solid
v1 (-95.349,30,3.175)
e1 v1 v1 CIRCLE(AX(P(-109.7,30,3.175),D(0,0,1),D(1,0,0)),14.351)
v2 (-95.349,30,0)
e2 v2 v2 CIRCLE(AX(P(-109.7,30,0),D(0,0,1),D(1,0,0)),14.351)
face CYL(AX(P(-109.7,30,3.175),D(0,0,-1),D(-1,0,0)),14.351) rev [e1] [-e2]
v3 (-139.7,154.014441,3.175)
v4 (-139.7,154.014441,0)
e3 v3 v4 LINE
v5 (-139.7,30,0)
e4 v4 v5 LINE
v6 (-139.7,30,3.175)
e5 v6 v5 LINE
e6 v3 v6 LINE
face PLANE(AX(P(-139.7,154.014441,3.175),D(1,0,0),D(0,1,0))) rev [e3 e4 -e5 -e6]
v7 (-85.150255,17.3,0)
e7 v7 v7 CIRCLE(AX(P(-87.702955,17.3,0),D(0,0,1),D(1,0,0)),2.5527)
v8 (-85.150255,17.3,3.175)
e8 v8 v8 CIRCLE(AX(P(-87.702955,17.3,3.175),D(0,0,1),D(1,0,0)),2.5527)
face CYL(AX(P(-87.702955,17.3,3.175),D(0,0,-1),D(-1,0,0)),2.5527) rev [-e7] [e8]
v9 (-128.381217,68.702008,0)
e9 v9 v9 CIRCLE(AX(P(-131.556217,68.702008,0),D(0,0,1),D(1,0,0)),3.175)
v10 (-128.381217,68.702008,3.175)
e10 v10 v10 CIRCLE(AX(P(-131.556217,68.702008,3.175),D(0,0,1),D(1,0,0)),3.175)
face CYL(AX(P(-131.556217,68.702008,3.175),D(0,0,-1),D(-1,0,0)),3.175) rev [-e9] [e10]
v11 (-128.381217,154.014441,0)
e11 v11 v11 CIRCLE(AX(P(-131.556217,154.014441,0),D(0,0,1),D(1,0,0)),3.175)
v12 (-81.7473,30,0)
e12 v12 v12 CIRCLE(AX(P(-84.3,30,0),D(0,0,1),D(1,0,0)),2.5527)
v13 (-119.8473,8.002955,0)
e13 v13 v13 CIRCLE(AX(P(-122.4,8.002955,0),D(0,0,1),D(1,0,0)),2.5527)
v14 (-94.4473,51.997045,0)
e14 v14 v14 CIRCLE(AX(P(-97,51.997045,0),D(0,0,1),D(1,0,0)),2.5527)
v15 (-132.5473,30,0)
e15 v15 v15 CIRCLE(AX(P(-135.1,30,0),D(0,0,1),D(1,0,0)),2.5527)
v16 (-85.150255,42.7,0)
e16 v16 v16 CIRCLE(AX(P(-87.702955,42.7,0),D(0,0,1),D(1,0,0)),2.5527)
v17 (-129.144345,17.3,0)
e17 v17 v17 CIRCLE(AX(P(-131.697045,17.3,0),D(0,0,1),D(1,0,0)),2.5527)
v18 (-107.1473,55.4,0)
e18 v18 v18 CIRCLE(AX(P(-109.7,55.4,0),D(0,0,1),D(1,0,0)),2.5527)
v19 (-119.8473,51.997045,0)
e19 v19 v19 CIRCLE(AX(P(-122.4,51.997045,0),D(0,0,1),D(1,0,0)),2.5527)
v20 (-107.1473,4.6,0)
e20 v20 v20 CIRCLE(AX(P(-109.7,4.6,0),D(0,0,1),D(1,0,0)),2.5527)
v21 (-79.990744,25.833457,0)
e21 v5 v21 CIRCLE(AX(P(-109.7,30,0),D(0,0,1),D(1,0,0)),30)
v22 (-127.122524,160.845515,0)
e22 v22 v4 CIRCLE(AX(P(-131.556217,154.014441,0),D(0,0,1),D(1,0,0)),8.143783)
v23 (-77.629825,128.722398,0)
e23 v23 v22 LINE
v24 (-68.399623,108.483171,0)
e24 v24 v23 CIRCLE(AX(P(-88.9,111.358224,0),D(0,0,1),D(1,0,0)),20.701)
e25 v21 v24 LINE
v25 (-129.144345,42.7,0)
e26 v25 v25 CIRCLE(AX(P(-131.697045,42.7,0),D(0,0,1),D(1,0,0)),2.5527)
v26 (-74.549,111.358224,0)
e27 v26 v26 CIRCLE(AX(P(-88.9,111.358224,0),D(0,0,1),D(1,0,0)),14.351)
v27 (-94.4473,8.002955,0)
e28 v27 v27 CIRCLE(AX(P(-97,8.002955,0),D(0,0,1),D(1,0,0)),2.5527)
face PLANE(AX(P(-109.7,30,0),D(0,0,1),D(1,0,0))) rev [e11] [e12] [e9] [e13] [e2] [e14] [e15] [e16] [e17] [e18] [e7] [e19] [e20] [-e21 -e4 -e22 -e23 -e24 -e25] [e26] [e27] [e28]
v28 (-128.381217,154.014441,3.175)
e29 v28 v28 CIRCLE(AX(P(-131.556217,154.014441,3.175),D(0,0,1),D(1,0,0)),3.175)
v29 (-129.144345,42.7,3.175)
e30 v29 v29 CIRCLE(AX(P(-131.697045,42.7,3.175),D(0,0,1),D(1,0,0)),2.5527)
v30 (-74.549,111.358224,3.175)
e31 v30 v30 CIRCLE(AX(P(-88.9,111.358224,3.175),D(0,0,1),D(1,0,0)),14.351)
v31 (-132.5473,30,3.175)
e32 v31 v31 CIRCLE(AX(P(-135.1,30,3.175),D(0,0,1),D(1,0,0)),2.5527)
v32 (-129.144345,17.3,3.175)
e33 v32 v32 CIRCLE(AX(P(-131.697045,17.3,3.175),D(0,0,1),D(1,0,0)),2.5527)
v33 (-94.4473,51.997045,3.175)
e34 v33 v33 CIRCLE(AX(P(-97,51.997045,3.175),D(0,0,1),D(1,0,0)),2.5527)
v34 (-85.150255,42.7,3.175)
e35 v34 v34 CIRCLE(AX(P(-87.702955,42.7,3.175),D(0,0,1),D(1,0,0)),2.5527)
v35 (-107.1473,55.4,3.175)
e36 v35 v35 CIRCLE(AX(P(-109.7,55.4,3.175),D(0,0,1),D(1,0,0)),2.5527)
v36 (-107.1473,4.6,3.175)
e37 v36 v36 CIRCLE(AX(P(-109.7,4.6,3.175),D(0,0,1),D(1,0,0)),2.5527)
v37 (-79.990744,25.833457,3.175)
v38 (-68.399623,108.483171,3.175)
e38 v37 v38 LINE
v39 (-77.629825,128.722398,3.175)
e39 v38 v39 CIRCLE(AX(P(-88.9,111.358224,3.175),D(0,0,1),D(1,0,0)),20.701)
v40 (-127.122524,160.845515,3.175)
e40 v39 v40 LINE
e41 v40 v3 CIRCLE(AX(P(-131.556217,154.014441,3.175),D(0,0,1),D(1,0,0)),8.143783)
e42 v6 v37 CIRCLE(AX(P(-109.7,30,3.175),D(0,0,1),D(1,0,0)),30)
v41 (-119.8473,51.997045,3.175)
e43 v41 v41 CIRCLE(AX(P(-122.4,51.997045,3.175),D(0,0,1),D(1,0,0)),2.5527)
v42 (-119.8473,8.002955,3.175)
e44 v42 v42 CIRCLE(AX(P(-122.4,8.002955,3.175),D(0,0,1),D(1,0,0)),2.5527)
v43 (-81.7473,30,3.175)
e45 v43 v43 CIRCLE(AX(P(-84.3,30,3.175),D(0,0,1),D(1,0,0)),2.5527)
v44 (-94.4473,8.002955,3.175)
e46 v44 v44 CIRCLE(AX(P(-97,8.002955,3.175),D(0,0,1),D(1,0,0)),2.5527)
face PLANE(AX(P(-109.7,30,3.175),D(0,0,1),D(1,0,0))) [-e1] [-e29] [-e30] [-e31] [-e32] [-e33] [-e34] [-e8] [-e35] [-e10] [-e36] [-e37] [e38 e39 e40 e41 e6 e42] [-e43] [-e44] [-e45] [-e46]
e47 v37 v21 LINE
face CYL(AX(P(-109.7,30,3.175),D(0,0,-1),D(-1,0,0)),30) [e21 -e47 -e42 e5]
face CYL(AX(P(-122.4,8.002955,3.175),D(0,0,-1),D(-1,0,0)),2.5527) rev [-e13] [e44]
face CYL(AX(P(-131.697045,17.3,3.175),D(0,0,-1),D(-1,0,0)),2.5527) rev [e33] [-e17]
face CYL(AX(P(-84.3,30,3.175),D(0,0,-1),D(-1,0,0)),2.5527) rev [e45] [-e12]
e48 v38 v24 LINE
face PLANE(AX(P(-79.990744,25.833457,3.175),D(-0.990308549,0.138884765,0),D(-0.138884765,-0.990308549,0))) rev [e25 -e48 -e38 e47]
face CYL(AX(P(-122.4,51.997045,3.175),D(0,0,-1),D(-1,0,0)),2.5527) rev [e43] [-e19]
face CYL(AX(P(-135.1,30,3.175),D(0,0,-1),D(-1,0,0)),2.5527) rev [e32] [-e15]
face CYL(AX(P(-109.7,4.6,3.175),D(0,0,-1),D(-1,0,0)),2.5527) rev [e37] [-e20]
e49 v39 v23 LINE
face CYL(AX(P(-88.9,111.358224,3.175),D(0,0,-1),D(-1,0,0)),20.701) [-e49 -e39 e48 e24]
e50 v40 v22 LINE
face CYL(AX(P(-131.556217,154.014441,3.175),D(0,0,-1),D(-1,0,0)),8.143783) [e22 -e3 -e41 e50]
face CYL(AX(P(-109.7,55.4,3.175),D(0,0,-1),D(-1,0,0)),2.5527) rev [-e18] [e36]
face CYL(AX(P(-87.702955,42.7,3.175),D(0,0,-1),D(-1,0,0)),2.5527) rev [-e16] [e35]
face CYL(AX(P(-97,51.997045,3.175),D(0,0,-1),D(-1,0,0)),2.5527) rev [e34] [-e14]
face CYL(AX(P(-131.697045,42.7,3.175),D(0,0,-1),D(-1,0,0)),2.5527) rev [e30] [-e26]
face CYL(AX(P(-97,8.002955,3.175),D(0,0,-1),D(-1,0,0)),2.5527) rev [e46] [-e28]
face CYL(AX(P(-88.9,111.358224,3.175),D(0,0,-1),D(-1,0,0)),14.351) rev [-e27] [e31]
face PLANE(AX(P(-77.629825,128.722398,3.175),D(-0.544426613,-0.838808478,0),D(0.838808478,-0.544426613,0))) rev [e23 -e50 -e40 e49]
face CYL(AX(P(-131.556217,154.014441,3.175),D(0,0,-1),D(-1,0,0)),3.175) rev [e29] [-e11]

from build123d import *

# Parameters (mm, degrees)
SKETCH2_R           = 14.351
SKETCH2_R_2         = 2.5527
SKETCH2_R_3         = 3.175
BOSS_EXTRUDE1_DEPTH = 3.175


with BuildPart() as part:
    # Sketch2 → Boss-Extrude1 (new body)
    with BuildSketch(Plane.XY):
        with BuildLine():
            Line((-139.7, 154.014440652), (-139.7, 30))
            ThreePointArc((-139.7, 30), (-111.788337372, 0.072774151), (-79.990743532, 25.833457055))
            Line((-79.990743532, 25.833457055), (-68.399622728, 108.48317056))
            ThreePointArc((-68.399622728, 108.48317056), (-70.065229263, 119.947916289), (-77.629824678, 128.72239838))
            Line((-77.629824678, 128.72239838), (-127.122524146, 160.845515232))
            ThreePointArc((-127.122524146, 160.845515232), (-135.443000435, 161.170844756), (-139.7, 154.014440652))
        make_face()
        with Locations((-88.9, 111.358224077)):
            Circle(SKETCH2_R, mode=Mode.SUBTRACT)
        with Locations((-109.7, 55.4)):
            Circle(SKETCH2_R_2, mode=Mode.SUBTRACT)
        with Locations((-97, 51.997045256)):
            Circle(SKETCH2_R_2, mode=Mode.SUBTRACT)
        with Locations((-87.702954744, 42.7)):
            Circle(SKETCH2_R_2, mode=Mode.SUBTRACT)
        with Locations((-84.3, 30)):
            Circle(SKETCH2_R_2, mode=Mode.SUBTRACT)
        with Locations((-87.702954744, 17.3)):
            Circle(SKETCH2_R_2, mode=Mode.SUBTRACT)
        with Locations((-97, 8.002954744)):
            Circle(SKETCH2_R_2, mode=Mode.SUBTRACT)
        with Locations((-109.7, 4.6)):
            Circle(SKETCH2_R_2, mode=Mode.SUBTRACT)
        with Locations((-122.4, 8.002954744)):
            Circle(SKETCH2_R_2, mode=Mode.SUBTRACT)
        with Locations((-131.697045256, 17.3)):
            Circle(SKETCH2_R_2, mode=Mode.SUBTRACT)
        with Locations((-135.1, 30)):
            Circle(SKETCH2_R_2, mode=Mode.SUBTRACT)
        with Locations((-131.697045256, 42.7)):
            Circle(SKETCH2_R_2, mode=Mode.SUBTRACT)
        with Locations((-122.4, 51.997045256)):
            Circle(SKETCH2_R_2, mode=Mode.SUBTRACT)
        with Locations((-109.7, 30)):
            Circle(SKETCH2_R, mode=Mode.SUBTRACT)
        with Locations((-131.556216575, 68.702007502)):
            Circle(SKETCH2_R_3, mode=Mode.SUBTRACT)
        with Locations((-131.556216575, 154.014440652)):
            Circle(SKETCH2_R_3, mode=Mode.SUBTRACT)
    extrude(amount=BOSS_EXTRUDE1_DEPTH)


solid = part.part
